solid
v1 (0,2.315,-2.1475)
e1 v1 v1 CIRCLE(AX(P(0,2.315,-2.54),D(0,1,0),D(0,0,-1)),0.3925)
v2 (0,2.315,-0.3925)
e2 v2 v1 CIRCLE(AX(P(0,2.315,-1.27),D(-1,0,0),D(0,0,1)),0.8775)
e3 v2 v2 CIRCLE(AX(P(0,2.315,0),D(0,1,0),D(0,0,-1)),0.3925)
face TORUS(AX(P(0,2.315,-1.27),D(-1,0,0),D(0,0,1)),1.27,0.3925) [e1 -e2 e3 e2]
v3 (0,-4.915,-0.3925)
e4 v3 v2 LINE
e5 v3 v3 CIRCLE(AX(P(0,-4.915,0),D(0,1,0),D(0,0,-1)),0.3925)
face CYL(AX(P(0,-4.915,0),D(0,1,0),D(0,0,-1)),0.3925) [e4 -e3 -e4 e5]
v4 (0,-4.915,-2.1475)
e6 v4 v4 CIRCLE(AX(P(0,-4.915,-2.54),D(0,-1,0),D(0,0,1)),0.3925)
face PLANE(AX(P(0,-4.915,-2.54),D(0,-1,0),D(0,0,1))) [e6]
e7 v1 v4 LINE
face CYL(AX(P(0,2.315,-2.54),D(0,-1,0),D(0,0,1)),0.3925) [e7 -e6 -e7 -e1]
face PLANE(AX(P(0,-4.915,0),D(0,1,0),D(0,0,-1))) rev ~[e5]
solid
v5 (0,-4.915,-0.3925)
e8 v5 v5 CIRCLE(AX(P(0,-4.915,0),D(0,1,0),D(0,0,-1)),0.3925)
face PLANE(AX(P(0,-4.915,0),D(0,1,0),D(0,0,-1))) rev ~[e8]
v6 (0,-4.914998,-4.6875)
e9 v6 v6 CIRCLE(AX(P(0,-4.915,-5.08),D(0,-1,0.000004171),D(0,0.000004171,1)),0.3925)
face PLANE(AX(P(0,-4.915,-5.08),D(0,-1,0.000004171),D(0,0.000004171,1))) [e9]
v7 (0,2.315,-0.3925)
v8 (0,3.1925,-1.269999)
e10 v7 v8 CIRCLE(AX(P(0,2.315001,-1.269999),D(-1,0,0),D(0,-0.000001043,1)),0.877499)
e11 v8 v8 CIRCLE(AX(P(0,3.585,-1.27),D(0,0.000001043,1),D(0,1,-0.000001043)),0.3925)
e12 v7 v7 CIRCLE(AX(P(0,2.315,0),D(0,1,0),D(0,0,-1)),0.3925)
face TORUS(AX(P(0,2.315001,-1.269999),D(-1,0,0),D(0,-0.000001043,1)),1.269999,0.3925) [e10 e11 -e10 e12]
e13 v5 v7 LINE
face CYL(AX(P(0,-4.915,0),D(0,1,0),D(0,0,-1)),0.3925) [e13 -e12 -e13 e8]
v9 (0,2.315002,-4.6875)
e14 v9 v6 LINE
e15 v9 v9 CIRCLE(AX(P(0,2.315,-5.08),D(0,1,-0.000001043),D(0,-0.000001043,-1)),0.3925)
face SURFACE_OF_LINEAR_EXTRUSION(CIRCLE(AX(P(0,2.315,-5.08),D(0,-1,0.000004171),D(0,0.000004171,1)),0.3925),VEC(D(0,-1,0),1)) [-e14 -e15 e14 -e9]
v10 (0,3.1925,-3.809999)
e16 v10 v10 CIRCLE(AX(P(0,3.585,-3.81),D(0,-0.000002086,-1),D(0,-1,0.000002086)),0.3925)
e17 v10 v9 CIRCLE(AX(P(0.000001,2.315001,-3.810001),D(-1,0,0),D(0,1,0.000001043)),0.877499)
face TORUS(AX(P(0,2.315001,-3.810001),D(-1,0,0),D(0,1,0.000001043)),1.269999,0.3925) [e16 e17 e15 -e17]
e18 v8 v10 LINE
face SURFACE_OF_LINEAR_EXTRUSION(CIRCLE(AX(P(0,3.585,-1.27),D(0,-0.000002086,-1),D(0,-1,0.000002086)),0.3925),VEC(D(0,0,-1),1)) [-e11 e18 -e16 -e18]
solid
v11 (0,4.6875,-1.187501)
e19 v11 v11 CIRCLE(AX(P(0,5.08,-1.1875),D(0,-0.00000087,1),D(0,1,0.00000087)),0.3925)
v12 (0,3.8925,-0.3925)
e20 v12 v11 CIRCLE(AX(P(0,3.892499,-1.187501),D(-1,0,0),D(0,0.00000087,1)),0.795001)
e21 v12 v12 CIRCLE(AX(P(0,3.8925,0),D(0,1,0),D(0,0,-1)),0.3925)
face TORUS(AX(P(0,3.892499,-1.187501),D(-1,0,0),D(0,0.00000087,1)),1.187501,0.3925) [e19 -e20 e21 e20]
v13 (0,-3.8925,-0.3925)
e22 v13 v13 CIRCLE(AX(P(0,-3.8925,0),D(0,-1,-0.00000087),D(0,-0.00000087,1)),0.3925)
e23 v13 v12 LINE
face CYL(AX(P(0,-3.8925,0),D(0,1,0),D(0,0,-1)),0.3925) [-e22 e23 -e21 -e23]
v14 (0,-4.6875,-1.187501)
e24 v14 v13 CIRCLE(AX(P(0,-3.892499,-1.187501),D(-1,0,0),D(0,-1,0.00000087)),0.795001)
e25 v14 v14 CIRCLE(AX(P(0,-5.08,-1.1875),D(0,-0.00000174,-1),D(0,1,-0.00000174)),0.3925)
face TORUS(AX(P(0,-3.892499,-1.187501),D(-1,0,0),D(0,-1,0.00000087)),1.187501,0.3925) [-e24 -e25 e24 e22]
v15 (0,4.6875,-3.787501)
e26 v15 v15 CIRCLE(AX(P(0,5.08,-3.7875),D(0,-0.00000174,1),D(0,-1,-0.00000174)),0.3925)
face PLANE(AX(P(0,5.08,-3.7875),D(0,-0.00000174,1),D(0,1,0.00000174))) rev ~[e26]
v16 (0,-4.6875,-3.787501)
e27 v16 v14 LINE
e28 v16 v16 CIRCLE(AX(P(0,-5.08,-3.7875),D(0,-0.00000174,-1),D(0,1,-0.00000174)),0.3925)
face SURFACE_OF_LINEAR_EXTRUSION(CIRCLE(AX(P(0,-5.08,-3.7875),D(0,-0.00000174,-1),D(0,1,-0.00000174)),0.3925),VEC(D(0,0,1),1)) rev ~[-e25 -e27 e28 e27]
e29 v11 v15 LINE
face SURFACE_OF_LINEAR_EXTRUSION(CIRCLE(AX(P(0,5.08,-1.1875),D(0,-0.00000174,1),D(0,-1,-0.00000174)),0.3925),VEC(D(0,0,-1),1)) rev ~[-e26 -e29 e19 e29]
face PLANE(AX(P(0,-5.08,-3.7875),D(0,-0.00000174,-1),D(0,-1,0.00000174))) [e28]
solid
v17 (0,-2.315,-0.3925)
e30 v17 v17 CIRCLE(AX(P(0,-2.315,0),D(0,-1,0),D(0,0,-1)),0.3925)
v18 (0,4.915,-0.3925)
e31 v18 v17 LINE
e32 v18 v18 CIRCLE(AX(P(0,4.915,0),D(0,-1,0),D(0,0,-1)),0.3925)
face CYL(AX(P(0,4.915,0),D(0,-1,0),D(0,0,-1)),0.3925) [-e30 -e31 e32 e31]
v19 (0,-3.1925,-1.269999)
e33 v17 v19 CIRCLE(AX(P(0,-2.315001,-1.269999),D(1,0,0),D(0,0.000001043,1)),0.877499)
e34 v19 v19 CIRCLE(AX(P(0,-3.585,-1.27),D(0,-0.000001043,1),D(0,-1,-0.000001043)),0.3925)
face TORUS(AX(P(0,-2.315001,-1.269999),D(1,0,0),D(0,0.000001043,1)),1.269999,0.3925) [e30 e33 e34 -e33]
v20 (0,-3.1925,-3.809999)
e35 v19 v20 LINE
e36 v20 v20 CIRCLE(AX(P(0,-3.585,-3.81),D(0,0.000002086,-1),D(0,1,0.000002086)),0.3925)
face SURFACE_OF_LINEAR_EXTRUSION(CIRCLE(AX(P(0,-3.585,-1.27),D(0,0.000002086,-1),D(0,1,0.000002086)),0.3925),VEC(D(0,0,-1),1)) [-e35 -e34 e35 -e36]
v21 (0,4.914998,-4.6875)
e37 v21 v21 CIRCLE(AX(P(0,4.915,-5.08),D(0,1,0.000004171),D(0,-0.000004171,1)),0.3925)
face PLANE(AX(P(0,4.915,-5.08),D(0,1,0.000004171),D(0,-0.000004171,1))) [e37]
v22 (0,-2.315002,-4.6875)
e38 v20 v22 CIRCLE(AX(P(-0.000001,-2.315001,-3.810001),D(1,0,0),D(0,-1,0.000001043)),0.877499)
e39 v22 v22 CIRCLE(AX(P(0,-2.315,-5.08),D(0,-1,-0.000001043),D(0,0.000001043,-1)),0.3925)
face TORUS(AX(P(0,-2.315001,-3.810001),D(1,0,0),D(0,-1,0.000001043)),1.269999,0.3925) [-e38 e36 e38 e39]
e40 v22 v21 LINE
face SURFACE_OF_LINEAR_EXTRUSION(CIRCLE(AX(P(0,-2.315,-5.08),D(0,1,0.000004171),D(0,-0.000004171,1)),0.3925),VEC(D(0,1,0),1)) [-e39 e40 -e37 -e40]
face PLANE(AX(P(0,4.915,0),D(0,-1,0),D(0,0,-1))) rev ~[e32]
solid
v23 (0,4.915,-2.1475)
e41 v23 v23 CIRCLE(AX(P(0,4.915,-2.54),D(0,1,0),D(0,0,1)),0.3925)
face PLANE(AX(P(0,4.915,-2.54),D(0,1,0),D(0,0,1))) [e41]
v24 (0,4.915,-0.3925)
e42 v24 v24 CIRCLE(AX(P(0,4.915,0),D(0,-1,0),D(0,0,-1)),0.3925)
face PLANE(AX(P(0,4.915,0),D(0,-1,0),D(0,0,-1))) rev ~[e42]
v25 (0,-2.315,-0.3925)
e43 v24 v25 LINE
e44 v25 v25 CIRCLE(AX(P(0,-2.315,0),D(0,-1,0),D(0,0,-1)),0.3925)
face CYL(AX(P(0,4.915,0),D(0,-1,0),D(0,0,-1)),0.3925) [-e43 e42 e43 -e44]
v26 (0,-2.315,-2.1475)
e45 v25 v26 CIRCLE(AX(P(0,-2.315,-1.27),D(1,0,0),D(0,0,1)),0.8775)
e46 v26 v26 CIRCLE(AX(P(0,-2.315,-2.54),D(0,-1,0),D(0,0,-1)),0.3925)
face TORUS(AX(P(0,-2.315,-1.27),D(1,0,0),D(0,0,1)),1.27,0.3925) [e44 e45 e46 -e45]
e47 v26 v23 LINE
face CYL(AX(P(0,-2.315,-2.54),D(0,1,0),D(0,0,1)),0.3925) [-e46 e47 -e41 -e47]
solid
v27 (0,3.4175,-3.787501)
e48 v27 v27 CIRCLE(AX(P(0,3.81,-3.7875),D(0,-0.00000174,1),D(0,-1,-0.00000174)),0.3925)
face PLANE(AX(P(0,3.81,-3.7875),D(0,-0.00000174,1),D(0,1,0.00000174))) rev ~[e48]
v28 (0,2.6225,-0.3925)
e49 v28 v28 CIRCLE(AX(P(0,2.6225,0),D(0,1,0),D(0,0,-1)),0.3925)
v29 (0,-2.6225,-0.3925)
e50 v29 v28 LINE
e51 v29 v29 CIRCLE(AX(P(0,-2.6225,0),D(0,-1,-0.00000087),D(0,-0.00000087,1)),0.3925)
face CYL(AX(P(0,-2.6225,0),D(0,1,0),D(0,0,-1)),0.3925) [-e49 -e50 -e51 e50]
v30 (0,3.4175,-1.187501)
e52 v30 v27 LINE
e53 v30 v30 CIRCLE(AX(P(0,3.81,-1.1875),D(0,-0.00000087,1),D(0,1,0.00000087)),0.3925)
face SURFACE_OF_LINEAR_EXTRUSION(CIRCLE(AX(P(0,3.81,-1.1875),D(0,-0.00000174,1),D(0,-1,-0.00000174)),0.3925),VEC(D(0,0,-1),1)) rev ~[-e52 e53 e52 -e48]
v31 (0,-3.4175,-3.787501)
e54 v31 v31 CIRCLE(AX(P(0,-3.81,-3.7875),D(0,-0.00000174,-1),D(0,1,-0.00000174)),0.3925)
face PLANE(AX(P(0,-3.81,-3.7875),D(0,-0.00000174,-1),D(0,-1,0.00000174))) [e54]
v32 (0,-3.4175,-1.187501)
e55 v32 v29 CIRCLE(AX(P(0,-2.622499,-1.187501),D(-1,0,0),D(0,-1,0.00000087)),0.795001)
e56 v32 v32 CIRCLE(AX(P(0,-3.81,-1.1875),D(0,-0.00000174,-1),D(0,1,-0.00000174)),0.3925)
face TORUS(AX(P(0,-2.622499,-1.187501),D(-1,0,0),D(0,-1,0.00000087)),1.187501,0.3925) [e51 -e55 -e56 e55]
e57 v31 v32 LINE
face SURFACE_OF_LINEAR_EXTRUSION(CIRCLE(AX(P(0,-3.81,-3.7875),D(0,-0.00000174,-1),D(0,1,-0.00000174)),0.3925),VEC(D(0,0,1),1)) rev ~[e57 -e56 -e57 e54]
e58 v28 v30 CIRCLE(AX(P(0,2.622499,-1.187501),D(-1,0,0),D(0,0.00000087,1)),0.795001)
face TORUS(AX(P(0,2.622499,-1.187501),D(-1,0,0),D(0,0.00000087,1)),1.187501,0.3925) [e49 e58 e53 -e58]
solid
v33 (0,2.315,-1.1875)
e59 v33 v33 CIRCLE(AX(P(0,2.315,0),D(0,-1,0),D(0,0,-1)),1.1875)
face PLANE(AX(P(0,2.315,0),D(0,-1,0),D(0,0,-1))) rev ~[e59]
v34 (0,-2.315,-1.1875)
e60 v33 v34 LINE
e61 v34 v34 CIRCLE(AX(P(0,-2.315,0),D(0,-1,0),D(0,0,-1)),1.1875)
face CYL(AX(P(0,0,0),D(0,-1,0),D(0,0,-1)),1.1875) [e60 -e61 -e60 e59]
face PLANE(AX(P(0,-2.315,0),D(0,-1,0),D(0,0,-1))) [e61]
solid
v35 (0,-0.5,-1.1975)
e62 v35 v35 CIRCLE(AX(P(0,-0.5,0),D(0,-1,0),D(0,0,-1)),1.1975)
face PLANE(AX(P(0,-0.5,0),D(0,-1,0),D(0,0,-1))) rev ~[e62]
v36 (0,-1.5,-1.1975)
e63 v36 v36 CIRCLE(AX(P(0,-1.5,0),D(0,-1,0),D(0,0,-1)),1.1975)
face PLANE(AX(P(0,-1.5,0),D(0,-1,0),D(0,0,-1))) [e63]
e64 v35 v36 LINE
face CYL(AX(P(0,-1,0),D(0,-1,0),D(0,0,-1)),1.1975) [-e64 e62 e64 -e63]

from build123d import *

# Parameters (mm, degrees)
SKETCH_R                = 1.1875
PAD_DEPTH               = 2.315
SKETCH001_R             = 1.1975
PAD001_DEPTH            = 0.5
SKETCH003_R             = 0.3925
SKETCH005_R             = 0.3925
SKETCH007_R             = 0.3925
SKETCH009_R             = 0.3925
SKETCH011_R             = 0.3925
BODY006_PLACEMENT_ANGLE = 180
SKETCH013_R             = 0.3925
BODY007_PLACEMENT_ANGLE = 180


with BuildPart() as body:
    # Sketch → Pad (new body, symmetric)
    with BuildSketch(Plane(origin=(0, 0, 0), x_dir=(0, 0, -1), z_dir=(0, -1, 0))):
        Circle(SKETCH_R)
    extrude(amount=PAD_DEPTH, both=True)


with BuildPart() as band:
    # Sketch001 → Pad001 (new body, symmetric)
    with BuildSketch(Plane(origin=(0, -1, 0), x_dir=(0, 0, -1), z_dir=(0, -1, 0))):
        Circle(SKETCH001_R)
    extrude(amount=PAD001_DEPTH, both=True)


with BuildPart() as body002:
    # AdditivePipe: sweep along a path in Sketch002
    with BuildLine(Plane.YZ) as additivepipe_path:
        Line((-3.81, -3.7875), (-3.81, -1.1875))
        ThreePointArc((-3.81, -1.1875), (-3.462189, -0.347811), (-2.6225, 0))
        Line((-2.6225, 0), (2.6225, 0))
        ThreePointArc((2.6225, 0), (3.462189, -0.347811), (3.81, -1.1875))
        Line((3.81, -1.1875), (3.81, -3.7875))
    # Sketch003 → AdditivePipe (sweep)
    with BuildSketch(Plane(origin=(0, 0, 0), x_dir=(0, 0, -1), z_dir=(0, -1, 0))):
        Circle(SKETCH003_R)
    sweep(path=additivepipe_path.line)


with BuildPart() as body003:
    # AdditivePipe001: sweep along a path in Sketch004
    with BuildLine(Plane.YZ) as additivepipe001_path:
        Line((-5.08, -3.7875), (-5.08, -1.1875))
        ThreePointArc((-5.08, -1.1875), (-4.732189, -0.347811), (-3.8925, 0))
        Line((-3.8925, 0), (3.8925, 0))
        ThreePointArc((3.8925, 0), (4.732189, -0.347811), (5.08, -1.1875))
        Line((5.08, -1.1875), (5.08, -3.7875))
    # Sketch005 → AdditivePipe001 (sweep)
    with BuildSketch(Plane(origin=(0, 0, 0), x_dir=(0, 0, -1), z_dir=(0, -1, 0))):
        Circle(SKETCH005_R)
    sweep(path=additivepipe001_path.line)


with BuildPart() as body004:
    # AdditivePipe002: sweep along a path in Sketch006
    with BuildLine(Plane.YZ) as additivepipe002_path:
        Line((4.915, 0), (-2.315, 0))
        ThreePointArc((-2.315, 0), (-3.585, -1.27), (-2.315, -2.54))
        Line((-2.315, -2.54), (4.915, -2.54))
    # Sketch007 → AdditivePipe002 (sweep)
    with BuildSketch(Plane(origin=(0, 0, 0), x_dir=(0, 0, -1), z_dir=(0, -1, 0))):
        Circle(SKETCH007_R)
    sweep(path=additivepipe002_path.line)


with BuildPart() as body005:
    # AdditivePipe003: sweep along a path in Sketch008
    with BuildLine(Plane.YZ) as additivepipe003_path:
        Line((4.915, 0), (-2.315, 0))
        ThreePointArc((-2.315, 0), (-3.213026, -0.371974), (-3.585, -1.27))
        Line((-3.585, -1.27), (-3.585, -3.81))
        ThreePointArc((-3.585, -3.81), (-3.213026, -4.708026), (-2.315, -5.08))
        Line((-2.315, -5.08), (4.915, -5.08))
    # Sketch009 → AdditivePipe003 (sweep)
    with BuildSketch(Plane(origin=(0, 0, 0), x_dir=(0, 0, -1), z_dir=(0, -1, 0))):
        Circle(SKETCH009_R)
    sweep(path=additivepipe003_path.line)


with BuildPart() as body006:
    # AdditivePipe004: sweep along a path in Sketch010
    with BuildLine(Plane.YZ) as additivepipe004_path:
        Line((4.915, 0), (-2.315, 0))
        ThreePointArc((-2.315, 0), (-3.585, -1.27), (-2.315, -2.54))
        Line((-2.315, -2.54), (4.915, -2.54))
    # Sketch011 → AdditivePipe004 (sweep)
    with BuildSketch(Plane(origin=(0, 0, 0), x_dir=(0, 0, -1), z_dir=(0, -1, 0))):
        Circle(SKETCH011_R)
    sweep(path=additivepipe004_path.line)


with BuildPart() as body006_1:
    # Body006 placement: moved
    add(body006.part.rotate(Axis((0, 0, 0), (0, 0, 1)), BODY006_PLACEMENT_ANGLE))


with BuildPart() as body007:
    # AdditivePipe005: sweep along a path in Sketch012
    with BuildLine(Plane.YZ) as additivepipe005_path:
        Line((4.915, 0), (-2.315, 0))
        ThreePointArc((-2.315, 0), (-3.213026, -0.371974), (-3.585, -1.27))
        Line((-3.585, -1.27), (-3.585, -3.81))
        ThreePointArc((-3.585, -3.81), (-3.213026, -4.708026), (-2.315, -5.08))
        Line((-2.315, -5.08), (4.915, -5.08))
    # Sketch013 → AdditivePipe005 (sweep)
    with BuildSketch(Plane(origin=(0, 0, 0), x_dir=(0, 0, -1), z_dir=(0, -1, 0))):
        Circle(SKETCH013_R)
    sweep(path=additivepipe005_path.line)


with BuildPart() as body007_1:
    # Body007 placement: moved
    add(body007.part.rotate(Axis((0, 0, 0), (0, 0, 1)), BODY007_PLACEMENT_ANGLE))


solid = Compound([body.part, band.part, body002.part, body003.part, body004.part, body005.part, body006_1.part, body007_1.part])
